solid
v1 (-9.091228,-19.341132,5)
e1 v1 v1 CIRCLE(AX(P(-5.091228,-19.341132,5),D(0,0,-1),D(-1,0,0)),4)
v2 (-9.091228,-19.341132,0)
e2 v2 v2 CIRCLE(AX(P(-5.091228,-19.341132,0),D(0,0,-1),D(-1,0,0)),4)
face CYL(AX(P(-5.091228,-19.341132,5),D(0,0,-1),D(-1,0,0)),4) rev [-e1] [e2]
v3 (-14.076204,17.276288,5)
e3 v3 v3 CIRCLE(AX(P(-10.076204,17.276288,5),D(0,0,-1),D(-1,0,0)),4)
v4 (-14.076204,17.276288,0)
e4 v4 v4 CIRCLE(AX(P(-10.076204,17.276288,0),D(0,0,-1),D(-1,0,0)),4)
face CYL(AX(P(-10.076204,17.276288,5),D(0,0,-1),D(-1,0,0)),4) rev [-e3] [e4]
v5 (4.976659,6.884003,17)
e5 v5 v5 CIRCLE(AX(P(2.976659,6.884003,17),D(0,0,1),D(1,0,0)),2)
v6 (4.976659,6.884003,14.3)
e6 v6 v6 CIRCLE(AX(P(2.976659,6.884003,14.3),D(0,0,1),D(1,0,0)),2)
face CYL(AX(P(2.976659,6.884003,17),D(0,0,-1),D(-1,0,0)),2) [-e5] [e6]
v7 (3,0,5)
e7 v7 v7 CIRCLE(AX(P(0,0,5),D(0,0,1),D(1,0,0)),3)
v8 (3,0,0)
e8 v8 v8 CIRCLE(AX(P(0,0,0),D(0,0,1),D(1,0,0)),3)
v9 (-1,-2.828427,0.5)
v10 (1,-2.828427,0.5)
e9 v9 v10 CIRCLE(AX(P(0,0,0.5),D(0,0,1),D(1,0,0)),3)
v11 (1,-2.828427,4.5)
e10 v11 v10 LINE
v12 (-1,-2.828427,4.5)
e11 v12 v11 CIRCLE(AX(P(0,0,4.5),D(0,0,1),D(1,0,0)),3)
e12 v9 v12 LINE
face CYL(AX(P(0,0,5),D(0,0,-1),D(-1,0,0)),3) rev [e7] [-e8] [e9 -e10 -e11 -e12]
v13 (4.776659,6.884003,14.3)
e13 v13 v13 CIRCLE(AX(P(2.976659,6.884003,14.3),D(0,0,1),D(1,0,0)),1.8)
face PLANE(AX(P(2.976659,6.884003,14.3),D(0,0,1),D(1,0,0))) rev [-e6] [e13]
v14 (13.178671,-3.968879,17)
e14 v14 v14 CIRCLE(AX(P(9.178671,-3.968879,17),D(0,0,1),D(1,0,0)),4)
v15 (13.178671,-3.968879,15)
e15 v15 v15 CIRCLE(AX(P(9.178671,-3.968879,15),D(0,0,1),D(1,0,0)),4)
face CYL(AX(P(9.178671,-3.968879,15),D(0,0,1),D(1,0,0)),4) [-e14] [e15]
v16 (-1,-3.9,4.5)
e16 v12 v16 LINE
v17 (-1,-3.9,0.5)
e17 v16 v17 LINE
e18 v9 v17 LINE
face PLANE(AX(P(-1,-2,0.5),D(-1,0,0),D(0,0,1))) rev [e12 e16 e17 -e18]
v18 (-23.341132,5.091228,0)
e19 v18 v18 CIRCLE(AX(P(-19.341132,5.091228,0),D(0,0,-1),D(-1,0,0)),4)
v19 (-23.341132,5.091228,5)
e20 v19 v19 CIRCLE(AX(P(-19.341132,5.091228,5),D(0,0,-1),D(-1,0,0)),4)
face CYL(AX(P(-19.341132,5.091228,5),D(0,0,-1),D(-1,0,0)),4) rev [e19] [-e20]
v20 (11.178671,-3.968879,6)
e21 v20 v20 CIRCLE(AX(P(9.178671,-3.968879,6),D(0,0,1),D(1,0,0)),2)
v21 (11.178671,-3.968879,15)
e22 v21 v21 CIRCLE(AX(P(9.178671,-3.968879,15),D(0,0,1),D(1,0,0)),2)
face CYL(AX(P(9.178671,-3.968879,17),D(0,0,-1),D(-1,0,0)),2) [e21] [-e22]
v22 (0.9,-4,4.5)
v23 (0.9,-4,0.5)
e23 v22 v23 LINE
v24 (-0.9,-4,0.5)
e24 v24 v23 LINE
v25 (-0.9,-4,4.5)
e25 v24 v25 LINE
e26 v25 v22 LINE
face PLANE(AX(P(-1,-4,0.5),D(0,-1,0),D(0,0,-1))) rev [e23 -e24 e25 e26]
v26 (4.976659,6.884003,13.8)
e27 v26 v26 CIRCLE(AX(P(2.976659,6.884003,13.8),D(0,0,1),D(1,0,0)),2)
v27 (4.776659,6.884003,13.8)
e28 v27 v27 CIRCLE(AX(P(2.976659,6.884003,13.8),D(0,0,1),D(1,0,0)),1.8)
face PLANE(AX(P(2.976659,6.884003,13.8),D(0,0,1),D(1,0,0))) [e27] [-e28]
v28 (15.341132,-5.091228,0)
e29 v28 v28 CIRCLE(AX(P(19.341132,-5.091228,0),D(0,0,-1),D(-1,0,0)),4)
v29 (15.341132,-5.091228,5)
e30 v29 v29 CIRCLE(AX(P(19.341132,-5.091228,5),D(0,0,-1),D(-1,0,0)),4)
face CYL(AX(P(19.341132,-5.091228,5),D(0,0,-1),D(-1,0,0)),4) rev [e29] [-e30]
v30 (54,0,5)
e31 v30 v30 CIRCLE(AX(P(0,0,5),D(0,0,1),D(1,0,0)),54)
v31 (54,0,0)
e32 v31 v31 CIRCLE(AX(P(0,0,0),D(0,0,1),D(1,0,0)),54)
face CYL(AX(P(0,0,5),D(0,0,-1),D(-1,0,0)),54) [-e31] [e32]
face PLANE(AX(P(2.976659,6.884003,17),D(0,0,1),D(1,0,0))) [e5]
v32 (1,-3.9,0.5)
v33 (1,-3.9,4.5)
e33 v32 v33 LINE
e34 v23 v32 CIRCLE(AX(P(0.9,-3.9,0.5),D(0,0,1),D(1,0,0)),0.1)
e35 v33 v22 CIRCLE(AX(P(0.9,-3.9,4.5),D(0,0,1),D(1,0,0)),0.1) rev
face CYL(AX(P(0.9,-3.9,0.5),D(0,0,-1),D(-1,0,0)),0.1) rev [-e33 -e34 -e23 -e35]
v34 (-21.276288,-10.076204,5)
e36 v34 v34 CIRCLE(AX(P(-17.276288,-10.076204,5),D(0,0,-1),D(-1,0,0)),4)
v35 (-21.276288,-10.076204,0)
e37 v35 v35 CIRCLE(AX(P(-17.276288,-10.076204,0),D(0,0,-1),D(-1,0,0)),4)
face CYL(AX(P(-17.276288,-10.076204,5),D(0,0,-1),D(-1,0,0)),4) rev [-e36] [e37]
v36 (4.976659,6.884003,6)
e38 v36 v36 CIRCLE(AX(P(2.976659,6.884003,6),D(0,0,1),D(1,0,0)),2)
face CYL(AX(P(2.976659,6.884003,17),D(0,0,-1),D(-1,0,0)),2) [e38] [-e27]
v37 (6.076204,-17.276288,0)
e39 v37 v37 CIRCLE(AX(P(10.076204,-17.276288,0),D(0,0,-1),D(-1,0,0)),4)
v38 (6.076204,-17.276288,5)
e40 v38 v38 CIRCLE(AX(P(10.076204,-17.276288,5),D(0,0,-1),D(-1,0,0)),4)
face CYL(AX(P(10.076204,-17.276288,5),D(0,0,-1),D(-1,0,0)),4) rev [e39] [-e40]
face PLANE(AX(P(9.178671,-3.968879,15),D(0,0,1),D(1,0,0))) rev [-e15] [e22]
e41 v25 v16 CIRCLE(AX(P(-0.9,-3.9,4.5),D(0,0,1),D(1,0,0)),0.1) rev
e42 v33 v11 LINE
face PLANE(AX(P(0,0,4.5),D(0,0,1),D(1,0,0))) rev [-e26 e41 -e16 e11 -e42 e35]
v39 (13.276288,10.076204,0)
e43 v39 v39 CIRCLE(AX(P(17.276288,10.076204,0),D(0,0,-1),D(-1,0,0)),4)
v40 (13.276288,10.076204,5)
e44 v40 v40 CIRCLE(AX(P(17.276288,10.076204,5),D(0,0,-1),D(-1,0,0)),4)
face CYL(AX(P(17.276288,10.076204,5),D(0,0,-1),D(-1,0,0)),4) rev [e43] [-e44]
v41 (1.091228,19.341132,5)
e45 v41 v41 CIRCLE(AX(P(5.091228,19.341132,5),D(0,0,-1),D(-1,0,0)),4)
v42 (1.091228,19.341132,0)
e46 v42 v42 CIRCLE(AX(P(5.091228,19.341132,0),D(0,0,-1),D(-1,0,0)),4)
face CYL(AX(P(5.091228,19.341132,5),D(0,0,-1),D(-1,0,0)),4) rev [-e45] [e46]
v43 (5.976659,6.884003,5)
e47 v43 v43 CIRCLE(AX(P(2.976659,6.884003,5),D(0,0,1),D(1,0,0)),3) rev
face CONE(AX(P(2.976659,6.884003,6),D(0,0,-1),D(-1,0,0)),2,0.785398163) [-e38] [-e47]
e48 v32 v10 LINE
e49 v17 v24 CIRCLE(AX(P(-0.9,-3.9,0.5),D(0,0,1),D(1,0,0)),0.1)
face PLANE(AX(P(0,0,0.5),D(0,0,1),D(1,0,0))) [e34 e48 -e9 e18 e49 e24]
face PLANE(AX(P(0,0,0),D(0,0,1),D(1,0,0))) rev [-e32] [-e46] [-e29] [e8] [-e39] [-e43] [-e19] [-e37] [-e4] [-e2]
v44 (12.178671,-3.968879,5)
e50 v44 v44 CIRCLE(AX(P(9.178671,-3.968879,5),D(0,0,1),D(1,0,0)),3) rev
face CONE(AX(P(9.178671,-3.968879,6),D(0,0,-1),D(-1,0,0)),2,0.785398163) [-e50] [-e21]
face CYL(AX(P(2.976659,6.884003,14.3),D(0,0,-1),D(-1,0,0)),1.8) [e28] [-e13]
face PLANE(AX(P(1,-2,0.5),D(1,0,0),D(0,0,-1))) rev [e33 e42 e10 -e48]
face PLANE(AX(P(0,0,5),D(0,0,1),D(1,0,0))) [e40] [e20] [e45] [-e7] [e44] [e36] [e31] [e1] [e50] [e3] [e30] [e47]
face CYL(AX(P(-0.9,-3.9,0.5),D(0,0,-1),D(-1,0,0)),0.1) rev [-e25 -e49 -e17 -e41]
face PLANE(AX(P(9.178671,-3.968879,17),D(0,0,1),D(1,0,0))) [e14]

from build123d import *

# Parameters (mm, degrees)
SKETCH_1_R          = 54
SKETCH_1_R_2        = 3
EXTRUDE_1_DEPTH     = 5
SKETCH_3_R          = 4
CUT_EXTRUDE_2_DEPTH = 77.531039455
SKETCH_4_R          = 2
EXTRUDE_2_DEPTH     = 12
CUT_EXTRUDE_START   = -3.2
SKETCH_6_R          = 2
SKETCH_6_R_2        = 1.8
CUT_EXTRUDE_3_DEPTH = 0.5
SKETCH_7_R          = 4
EXTRUDE_3_DEPTH     = 2
CHAMFER_1_SIZE      = 1
CUT_EXTRUDE_START_2 = -0.5
SKETCH_9_W          = 2
SKETCH_9_H          = 2
CUT_EXTRUDE_5_DEPTH = 4
FILLET_1_R          = 0.1


with BuildPart() as part:
    # Sketch 1 → Extrude 1 (new body)
    with BuildSketch(Plane.XY):
        Circle(SKETCH_1_R)
        Circle(SKETCH_1_R_2, mode=Mode.SUBTRACT)
    extrude(amount=EXTRUDE_1_DEPTH)

    # Sketch 3 → Cut-Extrude 2 (cut, through all)
    with BuildSketch(Plane(origin=(0, 0, 0), x_dir=(-1, 0, 0), z_dir=(0, 0, -1))):
        with Locations((-5.091227954, 19.341132281)):
            Circle(SKETCH_3_R)
        with Locations((10.076203981, 17.276287603)):
            Circle(SKETCH_3_R)
        with Locations((19.341132281, 5.091227954)):
            Circle(SKETCH_3_R)
        with Locations((17.276287603, -10.076203981)):
            Circle(SKETCH_3_R)
        with Locations((5.091227954, -19.341132281)):
            Circle(SKETCH_3_R)
        with Locations((-10.076203981, -17.276287603)):
            Circle(SKETCH_3_R)
        with Locations((-19.341132281, -5.091227954)):
            Circle(SKETCH_3_R)
        with Locations((-17.276287603, 10.076203981)):
            Circle(SKETCH_3_R)
    extrude(amount=-CUT_EXTRUDE_2_DEPTH, mode=Mode.SUBTRACT)

    # Sketch 4 → Extrude 2 (add)
    with BuildSketch(Plane.XY.offset(5)):
        with Locations((2.976659474, 6.884003078)):
            Circle(SKETCH_4_R)
        with Locations((9.178670771, -3.968879298)):
            Circle(SKETCH_4_R)
    extrude(amount=EXTRUDE_2_DEPTH)

    # Sketch 6 → Cut-Extrude 3 (cut)
    with BuildSketch(Plane.XY.offset(17).offset(CUT_EXTRUDE_START)):
        with Locations((2.976659474, 6.884003078)):
            Circle(SKETCH_6_R)
        with Locations((2.976659474, 6.884003078)):
            Circle(SKETCH_6_R_2, mode=Mode.SUBTRACT)
    extrude(amount=CUT_EXTRUDE_3_DEPTH, mode=Mode.SUBTRACT)

    # Sketch 7 → Extrude 3 (add)
    with BuildSketch(Plane.XY.offset(17)):
        with Locations((9.178670771, -3.968879298)):
            Circle(SKETCH_7_R)
    extrude(amount=-EXTRUDE_3_DEPTH)

    # Chamfer 1
    chamfer_1_edges = [part.edges().sort_by_distance(p)[0] for p in [
        (0.976659474, 6.884003078, 5),
        (7.178670771, -3.968879298, 5),
    ]]
    chamfer(chamfer_1_edges, length=CHAMFER_1_SIZE)

    # Sketch 9 → Cut-Extrude 5 (cut)
    with BuildSketch(Plane.XY.offset(5).offset(CUT_EXTRUDE_START_2)):
        with Locations((0, -3)):
            Rectangle(SKETCH_9_W, SKETCH_9_H)
    extrude(amount=-CUT_EXTRUDE_5_DEPTH, mode=Mode.SUBTRACT)

    # Fillet 1
    fillet_1_edges = [part.edges().sort_by_distance(p)[0] for p in [
        (1, -4, 2.5),
        (-1, -4, 2.5),
    ]]
    fillet(fillet_1_edges, radius=FILLET_1_R)


solid = part.part
